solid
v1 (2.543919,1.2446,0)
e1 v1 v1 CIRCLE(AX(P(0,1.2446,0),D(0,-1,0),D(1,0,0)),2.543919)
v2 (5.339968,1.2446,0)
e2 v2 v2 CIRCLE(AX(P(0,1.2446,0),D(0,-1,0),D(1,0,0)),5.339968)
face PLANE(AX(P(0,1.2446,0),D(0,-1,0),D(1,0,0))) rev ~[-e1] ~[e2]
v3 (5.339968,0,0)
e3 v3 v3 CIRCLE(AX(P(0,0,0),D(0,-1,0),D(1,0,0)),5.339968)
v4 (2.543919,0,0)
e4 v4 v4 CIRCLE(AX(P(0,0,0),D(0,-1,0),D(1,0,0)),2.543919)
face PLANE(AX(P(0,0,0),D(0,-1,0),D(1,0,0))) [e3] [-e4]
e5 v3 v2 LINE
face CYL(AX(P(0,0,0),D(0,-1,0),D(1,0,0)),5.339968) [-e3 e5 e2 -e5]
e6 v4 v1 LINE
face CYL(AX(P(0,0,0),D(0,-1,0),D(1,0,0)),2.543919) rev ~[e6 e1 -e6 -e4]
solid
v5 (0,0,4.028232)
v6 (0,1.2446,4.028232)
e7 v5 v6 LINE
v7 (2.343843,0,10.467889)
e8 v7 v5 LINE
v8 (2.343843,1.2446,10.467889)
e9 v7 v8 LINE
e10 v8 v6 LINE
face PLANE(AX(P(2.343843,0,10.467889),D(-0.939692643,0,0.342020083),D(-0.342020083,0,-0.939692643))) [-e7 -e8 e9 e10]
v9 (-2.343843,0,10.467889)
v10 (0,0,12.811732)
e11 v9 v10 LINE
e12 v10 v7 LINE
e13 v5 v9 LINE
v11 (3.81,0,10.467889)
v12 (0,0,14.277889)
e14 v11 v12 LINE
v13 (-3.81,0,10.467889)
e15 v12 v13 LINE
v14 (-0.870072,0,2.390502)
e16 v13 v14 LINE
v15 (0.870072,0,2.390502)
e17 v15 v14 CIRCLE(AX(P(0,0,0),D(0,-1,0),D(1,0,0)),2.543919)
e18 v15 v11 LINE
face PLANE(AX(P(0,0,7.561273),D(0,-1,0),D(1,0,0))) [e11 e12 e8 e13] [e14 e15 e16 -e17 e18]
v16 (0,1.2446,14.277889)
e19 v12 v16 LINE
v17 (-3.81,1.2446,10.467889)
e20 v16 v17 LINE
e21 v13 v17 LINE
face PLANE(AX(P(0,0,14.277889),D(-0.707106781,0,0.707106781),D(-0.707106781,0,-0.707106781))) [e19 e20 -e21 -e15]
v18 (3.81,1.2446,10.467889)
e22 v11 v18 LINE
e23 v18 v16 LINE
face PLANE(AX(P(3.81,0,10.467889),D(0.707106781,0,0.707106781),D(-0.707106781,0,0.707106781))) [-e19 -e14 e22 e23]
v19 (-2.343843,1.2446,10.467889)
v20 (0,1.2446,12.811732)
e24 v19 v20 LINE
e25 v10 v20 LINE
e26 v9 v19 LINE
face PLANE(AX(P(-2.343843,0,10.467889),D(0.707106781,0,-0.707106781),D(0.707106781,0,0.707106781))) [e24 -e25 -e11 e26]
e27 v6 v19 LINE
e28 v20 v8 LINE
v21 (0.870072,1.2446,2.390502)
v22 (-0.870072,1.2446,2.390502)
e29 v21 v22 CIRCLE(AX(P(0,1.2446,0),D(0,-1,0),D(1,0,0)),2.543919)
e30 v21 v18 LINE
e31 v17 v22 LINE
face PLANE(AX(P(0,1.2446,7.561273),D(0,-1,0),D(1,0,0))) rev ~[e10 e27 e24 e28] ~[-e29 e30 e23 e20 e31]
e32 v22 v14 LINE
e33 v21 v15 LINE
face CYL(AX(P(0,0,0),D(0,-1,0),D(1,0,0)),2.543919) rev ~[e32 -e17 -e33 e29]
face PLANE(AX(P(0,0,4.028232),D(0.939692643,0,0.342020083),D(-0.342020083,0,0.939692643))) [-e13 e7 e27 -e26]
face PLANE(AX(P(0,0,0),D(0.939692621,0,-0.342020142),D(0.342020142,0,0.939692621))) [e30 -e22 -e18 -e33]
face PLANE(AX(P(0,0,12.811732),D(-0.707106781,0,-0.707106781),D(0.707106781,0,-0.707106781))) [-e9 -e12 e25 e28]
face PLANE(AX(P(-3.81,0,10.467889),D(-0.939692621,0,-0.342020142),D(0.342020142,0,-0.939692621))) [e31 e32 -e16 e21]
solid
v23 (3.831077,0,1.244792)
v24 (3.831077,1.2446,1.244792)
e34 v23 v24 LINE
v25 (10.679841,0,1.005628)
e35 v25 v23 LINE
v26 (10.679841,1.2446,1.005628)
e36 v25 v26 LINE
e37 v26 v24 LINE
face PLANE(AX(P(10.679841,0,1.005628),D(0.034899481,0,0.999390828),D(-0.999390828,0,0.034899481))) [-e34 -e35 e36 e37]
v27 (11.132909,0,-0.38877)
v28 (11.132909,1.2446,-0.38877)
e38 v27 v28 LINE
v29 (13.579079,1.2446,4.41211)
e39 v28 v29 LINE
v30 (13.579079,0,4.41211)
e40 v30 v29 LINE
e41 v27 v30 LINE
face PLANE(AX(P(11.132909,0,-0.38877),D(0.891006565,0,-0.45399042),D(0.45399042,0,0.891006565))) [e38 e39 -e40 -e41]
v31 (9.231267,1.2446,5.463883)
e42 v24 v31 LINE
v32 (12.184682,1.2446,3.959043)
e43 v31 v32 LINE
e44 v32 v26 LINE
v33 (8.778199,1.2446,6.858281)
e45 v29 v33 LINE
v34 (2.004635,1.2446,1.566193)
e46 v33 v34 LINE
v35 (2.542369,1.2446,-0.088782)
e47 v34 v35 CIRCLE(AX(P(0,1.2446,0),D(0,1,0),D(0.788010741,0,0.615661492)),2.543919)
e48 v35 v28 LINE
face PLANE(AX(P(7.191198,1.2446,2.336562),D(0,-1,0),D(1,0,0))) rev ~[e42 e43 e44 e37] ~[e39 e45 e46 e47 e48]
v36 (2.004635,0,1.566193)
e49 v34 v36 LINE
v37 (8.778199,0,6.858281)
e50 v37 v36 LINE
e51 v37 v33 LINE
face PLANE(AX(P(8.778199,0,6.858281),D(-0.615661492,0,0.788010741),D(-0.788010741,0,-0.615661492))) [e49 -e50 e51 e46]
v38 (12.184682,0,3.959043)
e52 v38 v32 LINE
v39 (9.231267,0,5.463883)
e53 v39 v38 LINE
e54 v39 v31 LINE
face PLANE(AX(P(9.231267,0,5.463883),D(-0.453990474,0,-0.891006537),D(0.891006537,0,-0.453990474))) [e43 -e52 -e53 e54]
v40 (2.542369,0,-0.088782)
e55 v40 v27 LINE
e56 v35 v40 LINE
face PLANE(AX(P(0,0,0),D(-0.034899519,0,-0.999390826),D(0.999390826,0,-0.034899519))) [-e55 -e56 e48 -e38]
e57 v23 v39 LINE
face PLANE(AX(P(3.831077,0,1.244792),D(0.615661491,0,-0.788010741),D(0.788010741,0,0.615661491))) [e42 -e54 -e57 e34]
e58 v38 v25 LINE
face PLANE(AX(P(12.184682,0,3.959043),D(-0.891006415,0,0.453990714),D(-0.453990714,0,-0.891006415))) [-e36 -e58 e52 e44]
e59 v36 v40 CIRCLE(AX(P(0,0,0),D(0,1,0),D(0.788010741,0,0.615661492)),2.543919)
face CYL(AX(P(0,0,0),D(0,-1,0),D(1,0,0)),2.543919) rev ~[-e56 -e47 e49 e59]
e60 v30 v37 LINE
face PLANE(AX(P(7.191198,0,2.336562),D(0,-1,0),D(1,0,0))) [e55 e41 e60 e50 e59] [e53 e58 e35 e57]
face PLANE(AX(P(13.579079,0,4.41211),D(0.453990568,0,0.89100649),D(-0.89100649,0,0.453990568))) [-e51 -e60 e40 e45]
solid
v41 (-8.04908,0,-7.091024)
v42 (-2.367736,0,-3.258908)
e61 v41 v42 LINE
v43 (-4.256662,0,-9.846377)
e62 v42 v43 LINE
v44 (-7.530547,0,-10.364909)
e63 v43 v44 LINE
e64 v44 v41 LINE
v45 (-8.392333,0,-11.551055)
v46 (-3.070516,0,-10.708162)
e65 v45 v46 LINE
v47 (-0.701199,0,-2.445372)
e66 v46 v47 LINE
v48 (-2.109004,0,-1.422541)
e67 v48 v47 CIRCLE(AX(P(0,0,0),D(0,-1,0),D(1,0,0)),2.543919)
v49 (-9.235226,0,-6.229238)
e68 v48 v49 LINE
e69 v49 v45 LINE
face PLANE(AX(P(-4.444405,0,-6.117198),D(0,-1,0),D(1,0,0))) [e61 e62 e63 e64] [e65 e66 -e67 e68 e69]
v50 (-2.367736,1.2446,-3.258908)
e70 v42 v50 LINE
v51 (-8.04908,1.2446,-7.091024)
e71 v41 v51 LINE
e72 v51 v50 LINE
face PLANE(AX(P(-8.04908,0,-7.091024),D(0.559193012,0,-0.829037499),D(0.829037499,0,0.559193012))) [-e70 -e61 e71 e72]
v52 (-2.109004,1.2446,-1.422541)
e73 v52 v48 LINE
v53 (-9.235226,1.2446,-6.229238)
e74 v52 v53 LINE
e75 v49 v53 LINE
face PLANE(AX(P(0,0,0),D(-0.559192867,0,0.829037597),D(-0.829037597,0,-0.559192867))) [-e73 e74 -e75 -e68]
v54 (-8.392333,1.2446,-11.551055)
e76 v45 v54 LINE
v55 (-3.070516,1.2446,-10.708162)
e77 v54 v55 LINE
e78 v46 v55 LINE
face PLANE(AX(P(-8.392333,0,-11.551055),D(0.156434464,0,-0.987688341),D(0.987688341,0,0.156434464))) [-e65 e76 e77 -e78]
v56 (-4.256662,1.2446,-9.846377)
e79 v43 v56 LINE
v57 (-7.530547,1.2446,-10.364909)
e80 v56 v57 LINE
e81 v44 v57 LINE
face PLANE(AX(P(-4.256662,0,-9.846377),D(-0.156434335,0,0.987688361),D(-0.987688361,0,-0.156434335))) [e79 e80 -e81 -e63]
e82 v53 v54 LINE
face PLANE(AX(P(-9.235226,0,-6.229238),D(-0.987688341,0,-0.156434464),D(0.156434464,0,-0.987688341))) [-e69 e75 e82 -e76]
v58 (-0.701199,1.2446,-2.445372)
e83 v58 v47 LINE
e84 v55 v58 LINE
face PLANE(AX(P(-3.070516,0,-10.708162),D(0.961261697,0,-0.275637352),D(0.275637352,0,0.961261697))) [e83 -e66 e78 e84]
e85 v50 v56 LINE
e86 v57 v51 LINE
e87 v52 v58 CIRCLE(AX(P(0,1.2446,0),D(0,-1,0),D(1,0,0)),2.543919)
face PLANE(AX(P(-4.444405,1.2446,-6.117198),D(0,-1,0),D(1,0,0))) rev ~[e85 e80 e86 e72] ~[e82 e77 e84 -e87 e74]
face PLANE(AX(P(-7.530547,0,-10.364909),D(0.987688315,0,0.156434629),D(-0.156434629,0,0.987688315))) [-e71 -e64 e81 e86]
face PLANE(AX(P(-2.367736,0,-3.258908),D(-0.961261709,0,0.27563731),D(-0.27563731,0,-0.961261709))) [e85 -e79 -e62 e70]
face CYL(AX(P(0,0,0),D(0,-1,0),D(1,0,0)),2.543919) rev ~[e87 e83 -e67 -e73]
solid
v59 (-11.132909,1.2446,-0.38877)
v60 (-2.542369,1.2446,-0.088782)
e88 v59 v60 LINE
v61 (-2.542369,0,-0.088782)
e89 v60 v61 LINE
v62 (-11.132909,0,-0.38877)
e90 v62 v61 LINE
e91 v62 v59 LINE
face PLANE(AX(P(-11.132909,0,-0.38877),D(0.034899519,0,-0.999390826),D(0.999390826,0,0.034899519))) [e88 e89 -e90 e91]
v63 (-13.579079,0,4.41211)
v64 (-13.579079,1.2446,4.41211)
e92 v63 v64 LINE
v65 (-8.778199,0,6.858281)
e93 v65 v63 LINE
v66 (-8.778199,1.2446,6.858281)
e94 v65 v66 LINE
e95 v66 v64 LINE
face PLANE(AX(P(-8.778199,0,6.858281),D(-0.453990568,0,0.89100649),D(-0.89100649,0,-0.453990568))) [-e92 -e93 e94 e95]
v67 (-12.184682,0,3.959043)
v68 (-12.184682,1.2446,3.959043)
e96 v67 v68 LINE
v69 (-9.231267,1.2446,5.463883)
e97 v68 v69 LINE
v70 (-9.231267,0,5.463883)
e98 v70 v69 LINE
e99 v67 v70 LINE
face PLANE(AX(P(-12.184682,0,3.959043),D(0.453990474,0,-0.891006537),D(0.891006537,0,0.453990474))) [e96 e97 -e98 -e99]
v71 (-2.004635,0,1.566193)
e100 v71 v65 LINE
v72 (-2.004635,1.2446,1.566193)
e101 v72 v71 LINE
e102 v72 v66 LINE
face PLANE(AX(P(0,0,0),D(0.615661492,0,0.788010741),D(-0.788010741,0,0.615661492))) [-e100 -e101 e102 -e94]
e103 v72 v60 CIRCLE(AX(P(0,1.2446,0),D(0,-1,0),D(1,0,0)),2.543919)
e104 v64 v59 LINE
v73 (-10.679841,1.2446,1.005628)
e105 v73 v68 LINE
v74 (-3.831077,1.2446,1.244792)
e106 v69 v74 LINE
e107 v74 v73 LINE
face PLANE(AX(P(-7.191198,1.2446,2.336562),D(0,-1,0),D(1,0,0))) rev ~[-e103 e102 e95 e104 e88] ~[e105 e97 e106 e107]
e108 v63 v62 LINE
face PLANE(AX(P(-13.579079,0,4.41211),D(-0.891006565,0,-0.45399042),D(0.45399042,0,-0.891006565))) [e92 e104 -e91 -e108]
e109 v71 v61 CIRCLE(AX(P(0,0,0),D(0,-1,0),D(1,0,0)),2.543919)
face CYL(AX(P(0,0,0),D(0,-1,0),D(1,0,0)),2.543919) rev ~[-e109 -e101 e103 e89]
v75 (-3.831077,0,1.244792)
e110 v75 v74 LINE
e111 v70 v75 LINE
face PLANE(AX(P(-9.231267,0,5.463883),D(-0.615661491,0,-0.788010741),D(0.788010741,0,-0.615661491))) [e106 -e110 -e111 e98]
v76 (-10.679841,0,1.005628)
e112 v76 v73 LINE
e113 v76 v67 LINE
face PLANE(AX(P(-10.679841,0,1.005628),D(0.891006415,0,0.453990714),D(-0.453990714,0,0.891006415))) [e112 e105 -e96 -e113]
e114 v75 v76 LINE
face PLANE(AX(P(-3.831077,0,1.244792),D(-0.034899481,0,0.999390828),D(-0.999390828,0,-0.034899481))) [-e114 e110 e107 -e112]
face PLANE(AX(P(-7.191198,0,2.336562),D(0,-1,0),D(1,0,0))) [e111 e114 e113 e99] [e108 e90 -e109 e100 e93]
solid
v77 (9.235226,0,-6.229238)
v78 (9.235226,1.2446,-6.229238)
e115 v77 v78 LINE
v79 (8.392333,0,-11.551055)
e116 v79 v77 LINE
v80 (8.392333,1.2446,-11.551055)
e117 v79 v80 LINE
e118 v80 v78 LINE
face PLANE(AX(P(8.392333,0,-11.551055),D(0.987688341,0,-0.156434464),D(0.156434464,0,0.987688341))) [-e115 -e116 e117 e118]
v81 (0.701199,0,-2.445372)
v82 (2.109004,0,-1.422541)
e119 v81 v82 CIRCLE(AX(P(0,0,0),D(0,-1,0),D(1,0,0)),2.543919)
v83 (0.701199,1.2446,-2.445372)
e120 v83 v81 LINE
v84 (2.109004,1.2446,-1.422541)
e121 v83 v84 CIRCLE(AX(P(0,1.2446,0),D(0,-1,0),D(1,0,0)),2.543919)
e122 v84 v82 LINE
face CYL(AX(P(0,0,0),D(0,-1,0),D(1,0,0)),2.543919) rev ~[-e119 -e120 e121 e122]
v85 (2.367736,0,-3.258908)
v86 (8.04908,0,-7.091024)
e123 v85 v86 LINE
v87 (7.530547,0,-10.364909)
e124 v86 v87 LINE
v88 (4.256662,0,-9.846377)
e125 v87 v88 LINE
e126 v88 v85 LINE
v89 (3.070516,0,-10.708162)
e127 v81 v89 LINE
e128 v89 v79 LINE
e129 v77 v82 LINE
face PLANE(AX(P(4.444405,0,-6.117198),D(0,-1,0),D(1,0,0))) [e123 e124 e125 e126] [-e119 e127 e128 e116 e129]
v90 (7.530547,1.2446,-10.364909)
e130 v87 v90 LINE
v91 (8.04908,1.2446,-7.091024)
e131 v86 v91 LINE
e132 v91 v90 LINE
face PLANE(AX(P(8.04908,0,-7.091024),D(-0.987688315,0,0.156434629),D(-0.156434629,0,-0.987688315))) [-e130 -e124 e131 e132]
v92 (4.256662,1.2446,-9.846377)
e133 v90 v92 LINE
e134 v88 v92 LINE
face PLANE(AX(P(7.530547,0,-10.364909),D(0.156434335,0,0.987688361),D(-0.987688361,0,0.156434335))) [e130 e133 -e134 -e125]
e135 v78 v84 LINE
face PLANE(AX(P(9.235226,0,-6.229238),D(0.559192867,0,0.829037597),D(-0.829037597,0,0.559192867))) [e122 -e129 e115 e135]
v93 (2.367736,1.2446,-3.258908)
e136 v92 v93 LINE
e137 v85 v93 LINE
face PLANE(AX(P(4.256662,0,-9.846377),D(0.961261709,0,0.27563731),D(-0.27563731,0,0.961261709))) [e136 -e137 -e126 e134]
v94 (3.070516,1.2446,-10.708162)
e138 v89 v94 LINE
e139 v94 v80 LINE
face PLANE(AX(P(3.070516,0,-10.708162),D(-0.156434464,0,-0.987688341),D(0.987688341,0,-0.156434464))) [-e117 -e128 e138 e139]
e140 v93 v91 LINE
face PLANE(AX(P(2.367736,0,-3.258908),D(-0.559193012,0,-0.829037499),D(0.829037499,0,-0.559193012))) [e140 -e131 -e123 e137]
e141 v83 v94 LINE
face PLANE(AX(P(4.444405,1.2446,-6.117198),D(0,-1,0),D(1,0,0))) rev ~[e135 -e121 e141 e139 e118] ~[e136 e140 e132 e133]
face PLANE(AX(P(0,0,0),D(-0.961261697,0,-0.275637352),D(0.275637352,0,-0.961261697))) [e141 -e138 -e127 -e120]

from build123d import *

# Parameters (mm, degrees)
F1_DEPTH = 1.2446
F2_R     = 5.339968
F3_DEPTH = 1.2446
F4_R     = 2.543919
F5_DEPTH = 1.27


with BuildPart() as f1:
    # F0 (on Front) → F1 (new body)
    with BuildSketch(Plane.XZ):
        Polygon((-3.81, 10.467889), (0, 0), (3.81, 10.467889), (0, 14.277889), align=None)
        Polygon((2.343843, 10.467889), (0, 4.028232), (-2.343843, 10.467889), (0, 12.811732), align=None, mode=Mode.SUBTRACT)
        Polygon((-11.132909, -0.38877), (0, 0), (-8.778199, 6.858281), (-13.579079, 4.41211), align=None)
        Polygon((-9.231267, 5.463883), (-3.831077, 1.244792), (-10.679841, 1.005628), (-12.184682, 3.959043), align=None, mode=Mode.SUBTRACT)
        Polygon((-3.070516, -10.708162), (0, 0), (-9.235226, -6.229238), (-8.392333, -11.551055), align=None)
        Polygon((-8.04908, -7.091024), (-2.367736, -3.258908), (-4.256662, -9.846377), (-7.530547, -10.364909), align=None, mode=Mode.SUBTRACT)
        Polygon((9.235226, -6.229238), (0, 0), (3.070516, -10.708162), (8.392333, -11.551055), align=None)
        Polygon((4.256662, -9.846377), (2.367736, -3.258908), (8.04908, -7.091024), (7.530547, -10.364909), align=None, mode=Mode.SUBTRACT)
        Polygon((8.778199, 6.858281), (0, 0), (11.132909, -0.38877), (13.579079, 4.41211), align=None)
        Polygon((10.679841, 1.005628), (3.831077, 1.244792), (9.231267, 5.463883), (12.184682, 3.959043), align=None, mode=Mode.SUBTRACT)
    extrude(amount=-F1_DEPTH)


with BuildPart() as f3:
    # F2 (on Front) → F3 (new body)
    with BuildSketch(Plane.XZ):
        Circle(F2_R)
    extrude(amount=-F3_DEPTH)


with BuildPart() as f5_tool:
    # F4 (on Front) → F5 (new body)
    with BuildSketch(Plane.XZ):
        Circle(F4_R)
    extrude(amount=-F5_DEPTH)


with BuildPart() as f1_1:
    add(f1.part)

    # F5: cut by f5_tool
    add(f5_tool.part, mode=Mode.SUBTRACT)


with BuildPart() as f3_1:
    add(f3.part)

    # F5: cut by f5_tool
    add(f5_tool.part, mode=Mode.SUBTRACT)


solid = Compound([f1_1.part, f3_1.part])
